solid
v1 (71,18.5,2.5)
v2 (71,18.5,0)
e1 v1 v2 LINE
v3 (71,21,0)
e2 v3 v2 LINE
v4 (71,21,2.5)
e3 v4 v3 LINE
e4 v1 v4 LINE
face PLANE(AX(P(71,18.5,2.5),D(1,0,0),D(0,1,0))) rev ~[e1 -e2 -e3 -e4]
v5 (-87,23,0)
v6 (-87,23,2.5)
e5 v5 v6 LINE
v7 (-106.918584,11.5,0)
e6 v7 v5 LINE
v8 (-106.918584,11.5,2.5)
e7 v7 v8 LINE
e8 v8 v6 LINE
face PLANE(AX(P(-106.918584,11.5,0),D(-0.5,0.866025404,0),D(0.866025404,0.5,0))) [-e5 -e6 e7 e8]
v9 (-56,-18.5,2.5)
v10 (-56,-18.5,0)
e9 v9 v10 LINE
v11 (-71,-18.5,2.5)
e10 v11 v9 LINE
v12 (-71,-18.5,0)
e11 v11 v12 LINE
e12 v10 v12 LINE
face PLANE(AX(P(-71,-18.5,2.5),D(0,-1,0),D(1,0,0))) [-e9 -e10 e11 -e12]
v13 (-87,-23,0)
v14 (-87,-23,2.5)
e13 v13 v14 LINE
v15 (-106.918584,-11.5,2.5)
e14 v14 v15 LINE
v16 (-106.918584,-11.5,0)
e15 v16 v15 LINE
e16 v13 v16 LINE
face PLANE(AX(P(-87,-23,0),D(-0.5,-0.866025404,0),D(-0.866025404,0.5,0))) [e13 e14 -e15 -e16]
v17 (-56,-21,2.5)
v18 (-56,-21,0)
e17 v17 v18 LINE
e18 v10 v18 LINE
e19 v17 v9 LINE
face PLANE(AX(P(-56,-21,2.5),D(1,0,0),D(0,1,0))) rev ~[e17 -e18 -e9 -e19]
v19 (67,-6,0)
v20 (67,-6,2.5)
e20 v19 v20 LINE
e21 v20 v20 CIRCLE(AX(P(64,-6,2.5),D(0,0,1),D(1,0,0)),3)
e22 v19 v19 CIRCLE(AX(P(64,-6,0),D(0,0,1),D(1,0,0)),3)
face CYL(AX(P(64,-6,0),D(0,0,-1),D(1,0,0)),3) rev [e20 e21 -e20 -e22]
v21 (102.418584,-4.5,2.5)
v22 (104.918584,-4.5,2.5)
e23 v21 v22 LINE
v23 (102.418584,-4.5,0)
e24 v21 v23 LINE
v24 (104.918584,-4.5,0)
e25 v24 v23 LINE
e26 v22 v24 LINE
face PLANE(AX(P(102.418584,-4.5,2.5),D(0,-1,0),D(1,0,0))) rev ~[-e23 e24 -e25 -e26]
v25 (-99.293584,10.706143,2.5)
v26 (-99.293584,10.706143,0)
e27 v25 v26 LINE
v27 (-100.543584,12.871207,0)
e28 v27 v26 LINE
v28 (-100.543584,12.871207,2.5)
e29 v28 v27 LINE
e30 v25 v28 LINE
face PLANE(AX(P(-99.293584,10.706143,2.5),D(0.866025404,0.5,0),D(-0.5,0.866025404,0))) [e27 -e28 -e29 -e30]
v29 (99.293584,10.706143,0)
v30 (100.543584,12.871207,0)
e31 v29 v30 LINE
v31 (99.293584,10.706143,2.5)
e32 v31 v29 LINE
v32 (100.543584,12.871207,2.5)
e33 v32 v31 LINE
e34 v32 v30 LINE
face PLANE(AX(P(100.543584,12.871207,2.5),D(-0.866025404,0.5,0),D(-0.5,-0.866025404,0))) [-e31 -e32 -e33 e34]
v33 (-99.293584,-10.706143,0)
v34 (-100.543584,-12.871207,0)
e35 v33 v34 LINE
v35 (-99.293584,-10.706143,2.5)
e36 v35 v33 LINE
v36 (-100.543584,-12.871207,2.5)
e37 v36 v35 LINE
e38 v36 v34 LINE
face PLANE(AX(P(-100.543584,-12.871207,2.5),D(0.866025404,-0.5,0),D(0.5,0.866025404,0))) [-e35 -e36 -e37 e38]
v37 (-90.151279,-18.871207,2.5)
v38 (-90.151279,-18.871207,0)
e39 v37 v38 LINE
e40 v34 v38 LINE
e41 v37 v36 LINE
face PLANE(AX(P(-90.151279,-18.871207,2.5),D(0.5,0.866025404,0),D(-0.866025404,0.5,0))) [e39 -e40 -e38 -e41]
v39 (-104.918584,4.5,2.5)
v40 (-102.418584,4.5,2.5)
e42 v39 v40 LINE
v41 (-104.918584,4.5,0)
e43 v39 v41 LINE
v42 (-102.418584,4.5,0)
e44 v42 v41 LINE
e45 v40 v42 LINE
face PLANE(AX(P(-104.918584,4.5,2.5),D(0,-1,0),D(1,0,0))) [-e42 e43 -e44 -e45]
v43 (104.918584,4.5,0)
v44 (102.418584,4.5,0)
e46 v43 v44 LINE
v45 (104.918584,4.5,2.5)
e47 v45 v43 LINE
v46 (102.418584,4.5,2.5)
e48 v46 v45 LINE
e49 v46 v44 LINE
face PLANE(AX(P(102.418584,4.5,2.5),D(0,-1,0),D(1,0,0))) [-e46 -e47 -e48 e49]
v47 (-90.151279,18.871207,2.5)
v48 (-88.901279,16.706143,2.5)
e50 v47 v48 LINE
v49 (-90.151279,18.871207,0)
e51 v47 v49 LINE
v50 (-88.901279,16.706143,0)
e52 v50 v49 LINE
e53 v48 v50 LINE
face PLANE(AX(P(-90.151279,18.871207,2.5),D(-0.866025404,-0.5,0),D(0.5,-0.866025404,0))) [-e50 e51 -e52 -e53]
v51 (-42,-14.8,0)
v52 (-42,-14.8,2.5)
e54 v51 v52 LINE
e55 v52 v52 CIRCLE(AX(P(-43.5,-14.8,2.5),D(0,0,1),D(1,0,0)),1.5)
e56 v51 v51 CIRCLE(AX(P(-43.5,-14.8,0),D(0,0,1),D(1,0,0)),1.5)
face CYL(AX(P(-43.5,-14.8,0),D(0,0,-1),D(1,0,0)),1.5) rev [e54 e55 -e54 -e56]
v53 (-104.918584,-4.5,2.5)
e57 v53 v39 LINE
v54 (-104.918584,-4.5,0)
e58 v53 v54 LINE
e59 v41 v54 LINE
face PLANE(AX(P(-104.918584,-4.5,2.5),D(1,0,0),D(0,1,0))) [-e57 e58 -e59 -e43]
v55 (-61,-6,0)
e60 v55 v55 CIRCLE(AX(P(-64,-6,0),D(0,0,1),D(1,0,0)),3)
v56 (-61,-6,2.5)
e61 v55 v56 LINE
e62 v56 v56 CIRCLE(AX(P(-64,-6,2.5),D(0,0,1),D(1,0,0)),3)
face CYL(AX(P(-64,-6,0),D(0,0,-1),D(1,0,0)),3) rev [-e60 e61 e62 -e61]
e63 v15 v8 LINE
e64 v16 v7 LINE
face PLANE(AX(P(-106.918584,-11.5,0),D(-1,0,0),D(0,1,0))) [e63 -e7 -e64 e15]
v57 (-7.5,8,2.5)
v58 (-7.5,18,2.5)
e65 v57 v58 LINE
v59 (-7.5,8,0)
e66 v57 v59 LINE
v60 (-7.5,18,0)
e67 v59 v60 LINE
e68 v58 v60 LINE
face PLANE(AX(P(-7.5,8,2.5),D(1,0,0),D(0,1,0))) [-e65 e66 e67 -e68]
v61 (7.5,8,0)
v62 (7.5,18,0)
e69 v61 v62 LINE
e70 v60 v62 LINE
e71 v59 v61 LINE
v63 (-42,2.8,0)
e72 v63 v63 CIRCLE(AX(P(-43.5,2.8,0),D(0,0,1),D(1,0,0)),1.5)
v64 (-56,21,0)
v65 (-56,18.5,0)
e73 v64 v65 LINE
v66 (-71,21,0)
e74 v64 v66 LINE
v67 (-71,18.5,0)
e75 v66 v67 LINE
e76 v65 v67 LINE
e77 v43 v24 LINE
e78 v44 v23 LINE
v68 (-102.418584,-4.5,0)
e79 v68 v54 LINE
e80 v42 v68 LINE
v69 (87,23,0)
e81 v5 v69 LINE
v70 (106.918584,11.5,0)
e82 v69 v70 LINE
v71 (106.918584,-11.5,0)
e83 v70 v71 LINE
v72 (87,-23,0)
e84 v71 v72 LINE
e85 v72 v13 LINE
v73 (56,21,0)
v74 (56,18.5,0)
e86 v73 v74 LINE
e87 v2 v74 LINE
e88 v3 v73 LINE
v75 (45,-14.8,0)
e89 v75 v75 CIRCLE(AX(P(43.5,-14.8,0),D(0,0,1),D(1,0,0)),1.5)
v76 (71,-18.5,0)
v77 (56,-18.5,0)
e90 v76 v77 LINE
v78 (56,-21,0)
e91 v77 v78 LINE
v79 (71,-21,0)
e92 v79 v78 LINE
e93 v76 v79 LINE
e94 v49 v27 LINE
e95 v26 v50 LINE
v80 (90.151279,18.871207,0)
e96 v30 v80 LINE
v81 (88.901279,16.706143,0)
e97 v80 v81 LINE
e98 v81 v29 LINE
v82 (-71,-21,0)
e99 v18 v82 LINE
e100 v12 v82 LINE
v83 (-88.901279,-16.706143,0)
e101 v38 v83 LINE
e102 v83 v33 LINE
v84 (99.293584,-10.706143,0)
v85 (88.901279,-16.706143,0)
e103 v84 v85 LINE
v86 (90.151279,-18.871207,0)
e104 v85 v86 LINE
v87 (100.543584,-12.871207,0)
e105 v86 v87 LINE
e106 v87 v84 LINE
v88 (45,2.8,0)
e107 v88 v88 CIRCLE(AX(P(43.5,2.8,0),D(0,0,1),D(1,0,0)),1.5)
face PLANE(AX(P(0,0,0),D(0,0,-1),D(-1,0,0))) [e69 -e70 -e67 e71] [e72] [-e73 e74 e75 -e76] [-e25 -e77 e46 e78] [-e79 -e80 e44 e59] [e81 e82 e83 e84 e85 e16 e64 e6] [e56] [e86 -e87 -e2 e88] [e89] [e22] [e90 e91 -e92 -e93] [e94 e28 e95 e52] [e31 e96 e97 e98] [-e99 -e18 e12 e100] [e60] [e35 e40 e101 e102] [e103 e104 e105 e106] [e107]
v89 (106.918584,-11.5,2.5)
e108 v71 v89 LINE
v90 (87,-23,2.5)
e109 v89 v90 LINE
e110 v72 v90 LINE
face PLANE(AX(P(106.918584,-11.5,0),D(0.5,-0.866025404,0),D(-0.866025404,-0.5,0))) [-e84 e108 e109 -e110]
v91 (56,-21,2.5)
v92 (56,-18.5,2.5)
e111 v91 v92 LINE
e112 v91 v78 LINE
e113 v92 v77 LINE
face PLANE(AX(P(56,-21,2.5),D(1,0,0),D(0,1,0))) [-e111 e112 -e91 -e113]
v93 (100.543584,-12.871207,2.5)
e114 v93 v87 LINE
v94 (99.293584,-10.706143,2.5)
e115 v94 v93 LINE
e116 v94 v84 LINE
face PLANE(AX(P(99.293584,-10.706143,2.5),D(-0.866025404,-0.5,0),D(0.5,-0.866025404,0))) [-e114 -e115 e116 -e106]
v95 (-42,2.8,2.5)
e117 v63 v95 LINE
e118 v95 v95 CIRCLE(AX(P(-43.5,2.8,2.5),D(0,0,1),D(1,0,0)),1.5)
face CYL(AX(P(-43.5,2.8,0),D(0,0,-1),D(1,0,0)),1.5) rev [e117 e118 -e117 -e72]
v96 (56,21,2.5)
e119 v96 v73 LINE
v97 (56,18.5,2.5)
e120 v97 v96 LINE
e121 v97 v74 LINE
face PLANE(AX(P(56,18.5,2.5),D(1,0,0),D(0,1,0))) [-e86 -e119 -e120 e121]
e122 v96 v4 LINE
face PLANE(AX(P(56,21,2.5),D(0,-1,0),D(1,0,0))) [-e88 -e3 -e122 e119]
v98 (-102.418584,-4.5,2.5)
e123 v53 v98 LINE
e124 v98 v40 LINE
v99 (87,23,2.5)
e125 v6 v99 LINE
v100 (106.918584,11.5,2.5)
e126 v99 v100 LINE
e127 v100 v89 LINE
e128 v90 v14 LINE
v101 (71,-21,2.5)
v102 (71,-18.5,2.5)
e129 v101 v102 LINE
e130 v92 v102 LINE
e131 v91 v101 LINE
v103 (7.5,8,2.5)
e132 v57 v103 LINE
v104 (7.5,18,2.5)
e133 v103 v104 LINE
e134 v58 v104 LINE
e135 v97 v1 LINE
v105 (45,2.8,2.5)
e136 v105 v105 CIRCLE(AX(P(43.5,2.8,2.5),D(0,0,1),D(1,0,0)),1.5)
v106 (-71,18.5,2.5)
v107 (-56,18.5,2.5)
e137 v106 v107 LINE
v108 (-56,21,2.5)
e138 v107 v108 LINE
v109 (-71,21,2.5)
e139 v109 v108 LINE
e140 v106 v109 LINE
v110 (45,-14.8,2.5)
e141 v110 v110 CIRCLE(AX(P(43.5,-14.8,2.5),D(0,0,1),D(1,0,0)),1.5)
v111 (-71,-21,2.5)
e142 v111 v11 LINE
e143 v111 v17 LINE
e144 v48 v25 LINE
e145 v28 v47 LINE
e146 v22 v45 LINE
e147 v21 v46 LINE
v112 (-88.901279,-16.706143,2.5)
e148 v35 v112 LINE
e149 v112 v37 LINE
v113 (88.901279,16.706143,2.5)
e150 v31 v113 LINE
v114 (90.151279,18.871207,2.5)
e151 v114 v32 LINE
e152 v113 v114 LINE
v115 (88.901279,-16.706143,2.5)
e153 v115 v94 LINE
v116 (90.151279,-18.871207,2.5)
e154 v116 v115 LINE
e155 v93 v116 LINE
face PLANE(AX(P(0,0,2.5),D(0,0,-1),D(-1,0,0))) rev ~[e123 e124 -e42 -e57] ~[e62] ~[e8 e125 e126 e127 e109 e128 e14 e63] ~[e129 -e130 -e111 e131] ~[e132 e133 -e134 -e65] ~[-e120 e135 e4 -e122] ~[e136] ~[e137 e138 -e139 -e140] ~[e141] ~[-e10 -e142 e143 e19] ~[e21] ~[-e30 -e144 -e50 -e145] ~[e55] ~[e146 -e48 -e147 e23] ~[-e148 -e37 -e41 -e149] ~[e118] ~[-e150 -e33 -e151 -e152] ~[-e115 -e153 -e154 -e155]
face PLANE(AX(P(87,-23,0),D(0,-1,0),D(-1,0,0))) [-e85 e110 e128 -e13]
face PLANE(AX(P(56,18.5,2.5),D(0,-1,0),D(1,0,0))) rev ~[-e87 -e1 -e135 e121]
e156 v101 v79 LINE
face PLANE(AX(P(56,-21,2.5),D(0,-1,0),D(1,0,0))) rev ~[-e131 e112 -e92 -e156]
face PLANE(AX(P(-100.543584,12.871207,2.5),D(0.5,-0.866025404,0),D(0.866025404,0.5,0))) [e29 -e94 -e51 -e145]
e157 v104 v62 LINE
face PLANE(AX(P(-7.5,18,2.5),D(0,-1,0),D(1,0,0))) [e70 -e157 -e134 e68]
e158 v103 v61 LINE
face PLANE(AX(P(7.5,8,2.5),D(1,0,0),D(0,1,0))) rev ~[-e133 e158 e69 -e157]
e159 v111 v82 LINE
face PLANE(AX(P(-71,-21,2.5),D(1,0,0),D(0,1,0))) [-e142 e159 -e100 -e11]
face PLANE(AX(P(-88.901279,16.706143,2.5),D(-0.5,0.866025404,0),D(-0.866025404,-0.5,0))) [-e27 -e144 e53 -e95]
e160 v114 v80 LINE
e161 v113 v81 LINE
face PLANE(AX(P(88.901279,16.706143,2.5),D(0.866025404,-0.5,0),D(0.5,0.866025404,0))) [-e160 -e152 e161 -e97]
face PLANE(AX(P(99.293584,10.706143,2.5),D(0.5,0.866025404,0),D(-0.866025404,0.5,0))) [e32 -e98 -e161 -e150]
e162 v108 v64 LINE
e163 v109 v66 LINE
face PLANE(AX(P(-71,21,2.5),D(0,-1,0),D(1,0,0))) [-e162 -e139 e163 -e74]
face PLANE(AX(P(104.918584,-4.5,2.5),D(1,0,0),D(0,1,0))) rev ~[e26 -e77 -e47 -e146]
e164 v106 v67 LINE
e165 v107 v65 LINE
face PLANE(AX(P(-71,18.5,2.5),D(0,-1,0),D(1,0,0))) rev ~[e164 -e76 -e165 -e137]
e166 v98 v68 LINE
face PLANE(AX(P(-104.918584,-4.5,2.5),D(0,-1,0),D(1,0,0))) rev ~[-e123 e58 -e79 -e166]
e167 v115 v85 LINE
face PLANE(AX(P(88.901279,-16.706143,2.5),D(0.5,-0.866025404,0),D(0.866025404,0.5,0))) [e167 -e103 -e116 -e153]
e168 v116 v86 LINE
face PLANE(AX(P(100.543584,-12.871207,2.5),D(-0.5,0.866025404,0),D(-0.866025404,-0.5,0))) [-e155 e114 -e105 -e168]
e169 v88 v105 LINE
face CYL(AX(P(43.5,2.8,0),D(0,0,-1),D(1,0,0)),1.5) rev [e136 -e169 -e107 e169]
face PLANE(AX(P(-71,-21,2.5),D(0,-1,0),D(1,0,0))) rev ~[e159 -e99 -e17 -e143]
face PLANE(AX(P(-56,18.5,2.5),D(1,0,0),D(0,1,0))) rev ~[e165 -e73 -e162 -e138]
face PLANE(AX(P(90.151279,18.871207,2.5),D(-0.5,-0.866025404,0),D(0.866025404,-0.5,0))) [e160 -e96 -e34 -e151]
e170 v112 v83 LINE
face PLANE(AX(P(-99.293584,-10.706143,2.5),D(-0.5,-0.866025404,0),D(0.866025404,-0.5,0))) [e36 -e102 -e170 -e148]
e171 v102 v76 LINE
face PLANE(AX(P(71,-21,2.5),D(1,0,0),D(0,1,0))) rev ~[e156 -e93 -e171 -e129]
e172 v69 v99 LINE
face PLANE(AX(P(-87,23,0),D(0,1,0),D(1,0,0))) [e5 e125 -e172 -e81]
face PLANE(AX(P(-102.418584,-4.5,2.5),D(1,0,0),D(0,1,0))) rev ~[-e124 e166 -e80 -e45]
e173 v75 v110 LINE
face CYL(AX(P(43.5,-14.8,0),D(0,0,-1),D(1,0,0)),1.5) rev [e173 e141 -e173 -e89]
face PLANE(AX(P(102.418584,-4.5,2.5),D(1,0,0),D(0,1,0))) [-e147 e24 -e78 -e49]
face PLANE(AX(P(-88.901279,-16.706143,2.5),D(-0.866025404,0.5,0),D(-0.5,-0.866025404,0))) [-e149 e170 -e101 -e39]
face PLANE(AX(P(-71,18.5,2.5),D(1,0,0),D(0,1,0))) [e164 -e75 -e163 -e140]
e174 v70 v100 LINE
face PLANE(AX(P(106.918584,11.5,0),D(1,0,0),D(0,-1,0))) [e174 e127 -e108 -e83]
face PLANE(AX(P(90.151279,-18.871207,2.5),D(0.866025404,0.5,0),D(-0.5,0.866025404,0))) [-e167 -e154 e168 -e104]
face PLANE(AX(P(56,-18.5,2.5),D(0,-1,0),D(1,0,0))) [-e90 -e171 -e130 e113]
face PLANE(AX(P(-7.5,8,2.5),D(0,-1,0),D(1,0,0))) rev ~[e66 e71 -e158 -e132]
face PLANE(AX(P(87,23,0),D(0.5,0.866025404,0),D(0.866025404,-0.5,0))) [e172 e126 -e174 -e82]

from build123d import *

# Parameters (mm, degrees)
SKETCH1_R           = 1.5
SKETCH1_R_2         = 3
BOSS_EXTRUDE1_DEPTH = 2.5
SKETCH2_W           = 15
SKETCH2_H           = 2.5
CUT_EXTRUDE1_DEPTH  = 3
CUT_EXTRUDE2_DEPTH  = 3
SKETCH4_W           = 2.5
SKETCH4_H           = 9
CUT_EXTRUDE3_DEPTH  = 12
SKETCH5_W           = 15
SKETCH5_H           = 10
CUT_EXTRUDE4_DEPTH  = 2.5


with BuildPart() as part:
    # Sketch1 → Boss-Extrude1 (new body)
    with BuildSketch(Plane.XY):
        Polygon((87, 23), (106.918584287, 11.5), (106.918584287, -11.5), (87, -23), (-87, -23), (-106.918584287, -11.5), (-106.918584287, 11.5), (-87, 23), align=None)
        with Locations((43.5, -14.8)):
            Circle(SKETCH1_R, mode=Mode.SUBTRACT)
        with Locations((-43.5, 2.8)):
            Circle(SKETCH1_R, mode=Mode.SUBTRACT)
        with Locations((-43.5, -14.8)):
            Circle(SKETCH1_R, mode=Mode.SUBTRACT)
        with Locations((-64, -6)):
            Circle(SKETCH1_R_2, mode=Mode.SUBTRACT)
        with Locations((43.5, 2.8)):
            Circle(SKETCH1_R, mode=Mode.SUBTRACT)
        with Locations((64, -6)):
            Circle(SKETCH1_R_2, mode=Mode.SUBTRACT)
    extrude(amount=BOSS_EXTRUDE1_DEPTH)

    # Sketch2 → Cut-Extrude1 (cut)
    with BuildSketch(Plane.XY.offset(2.5)):
        with Locations((-63.5, 19.75)):
            Rectangle(SKETCH2_W, SKETCH2_H)
        with Locations((-63.5, -19.75)):
            Rectangle(SKETCH2_W, SKETCH2_H)
        with Locations((63.5, -19.75)):
            Rectangle(SKETCH2_W, SKETCH2_H)
        with Locations((63.5, 19.75)):
            Rectangle(SKETCH2_W, SKETCH2_H)
    extrude(amount=-CUT_EXTRUDE1_DEPTH, mode=Mode.SUBTRACT)

    # Sketch3 → Cut-Extrude2 (cut)
    with BuildSketch(Plane.XY.offset(2.5)):
        Polygon((-90.151279442, 18.871206889), (-88.901279442, 16.70614338), (-99.293584287, 10.70614338), (-100.543584287, 12.871206889), align=None)
        Polygon((-88.901279442, -16.70614338), (-90.151279442, -18.871206889), (-100.543584287, -12.871206889), (-99.293584287, -10.70614338), align=None)
        Polygon((99.293584287, -10.70614338), (100.543584287, -12.871206889), (90.151279442, -18.871206889), (88.901279442, -16.70614338), align=None)
        Polygon((100.543584287, 12.871206889), (99.293584287, 10.70614338), (88.901279442, 16.70614338), (90.151279442, 18.871206889), align=None)
    extrude(amount=-CUT_EXTRUDE2_DEPTH, mode=Mode.SUBTRACT)

    # Sketch4 → Cut-Extrude3 (cut)
    with BuildSketch(Plane.XY.offset(2.5)):
        with Locations((-103.668584287, 0)):
            Rectangle(SKETCH4_W, SKETCH4_H)
        with Locations((103.668584287, 0)):
            Rectangle(SKETCH4_W, SKETCH4_H)
    extrude(amount=-CUT_EXTRUDE3_DEPTH, mode=Mode.SUBTRACT)

    # Sketch5 → Cut-Extrude4 (cut)
    with BuildSketch(Plane.XY.offset(2.5)):
        with Locations((0, 13)):
            Rectangle(SKETCH5_W, SKETCH5_H)
    extrude(amount=-CUT_EXTRUDE4_DEPTH, mode=Mode.SUBTRACT)


solid = part.part
